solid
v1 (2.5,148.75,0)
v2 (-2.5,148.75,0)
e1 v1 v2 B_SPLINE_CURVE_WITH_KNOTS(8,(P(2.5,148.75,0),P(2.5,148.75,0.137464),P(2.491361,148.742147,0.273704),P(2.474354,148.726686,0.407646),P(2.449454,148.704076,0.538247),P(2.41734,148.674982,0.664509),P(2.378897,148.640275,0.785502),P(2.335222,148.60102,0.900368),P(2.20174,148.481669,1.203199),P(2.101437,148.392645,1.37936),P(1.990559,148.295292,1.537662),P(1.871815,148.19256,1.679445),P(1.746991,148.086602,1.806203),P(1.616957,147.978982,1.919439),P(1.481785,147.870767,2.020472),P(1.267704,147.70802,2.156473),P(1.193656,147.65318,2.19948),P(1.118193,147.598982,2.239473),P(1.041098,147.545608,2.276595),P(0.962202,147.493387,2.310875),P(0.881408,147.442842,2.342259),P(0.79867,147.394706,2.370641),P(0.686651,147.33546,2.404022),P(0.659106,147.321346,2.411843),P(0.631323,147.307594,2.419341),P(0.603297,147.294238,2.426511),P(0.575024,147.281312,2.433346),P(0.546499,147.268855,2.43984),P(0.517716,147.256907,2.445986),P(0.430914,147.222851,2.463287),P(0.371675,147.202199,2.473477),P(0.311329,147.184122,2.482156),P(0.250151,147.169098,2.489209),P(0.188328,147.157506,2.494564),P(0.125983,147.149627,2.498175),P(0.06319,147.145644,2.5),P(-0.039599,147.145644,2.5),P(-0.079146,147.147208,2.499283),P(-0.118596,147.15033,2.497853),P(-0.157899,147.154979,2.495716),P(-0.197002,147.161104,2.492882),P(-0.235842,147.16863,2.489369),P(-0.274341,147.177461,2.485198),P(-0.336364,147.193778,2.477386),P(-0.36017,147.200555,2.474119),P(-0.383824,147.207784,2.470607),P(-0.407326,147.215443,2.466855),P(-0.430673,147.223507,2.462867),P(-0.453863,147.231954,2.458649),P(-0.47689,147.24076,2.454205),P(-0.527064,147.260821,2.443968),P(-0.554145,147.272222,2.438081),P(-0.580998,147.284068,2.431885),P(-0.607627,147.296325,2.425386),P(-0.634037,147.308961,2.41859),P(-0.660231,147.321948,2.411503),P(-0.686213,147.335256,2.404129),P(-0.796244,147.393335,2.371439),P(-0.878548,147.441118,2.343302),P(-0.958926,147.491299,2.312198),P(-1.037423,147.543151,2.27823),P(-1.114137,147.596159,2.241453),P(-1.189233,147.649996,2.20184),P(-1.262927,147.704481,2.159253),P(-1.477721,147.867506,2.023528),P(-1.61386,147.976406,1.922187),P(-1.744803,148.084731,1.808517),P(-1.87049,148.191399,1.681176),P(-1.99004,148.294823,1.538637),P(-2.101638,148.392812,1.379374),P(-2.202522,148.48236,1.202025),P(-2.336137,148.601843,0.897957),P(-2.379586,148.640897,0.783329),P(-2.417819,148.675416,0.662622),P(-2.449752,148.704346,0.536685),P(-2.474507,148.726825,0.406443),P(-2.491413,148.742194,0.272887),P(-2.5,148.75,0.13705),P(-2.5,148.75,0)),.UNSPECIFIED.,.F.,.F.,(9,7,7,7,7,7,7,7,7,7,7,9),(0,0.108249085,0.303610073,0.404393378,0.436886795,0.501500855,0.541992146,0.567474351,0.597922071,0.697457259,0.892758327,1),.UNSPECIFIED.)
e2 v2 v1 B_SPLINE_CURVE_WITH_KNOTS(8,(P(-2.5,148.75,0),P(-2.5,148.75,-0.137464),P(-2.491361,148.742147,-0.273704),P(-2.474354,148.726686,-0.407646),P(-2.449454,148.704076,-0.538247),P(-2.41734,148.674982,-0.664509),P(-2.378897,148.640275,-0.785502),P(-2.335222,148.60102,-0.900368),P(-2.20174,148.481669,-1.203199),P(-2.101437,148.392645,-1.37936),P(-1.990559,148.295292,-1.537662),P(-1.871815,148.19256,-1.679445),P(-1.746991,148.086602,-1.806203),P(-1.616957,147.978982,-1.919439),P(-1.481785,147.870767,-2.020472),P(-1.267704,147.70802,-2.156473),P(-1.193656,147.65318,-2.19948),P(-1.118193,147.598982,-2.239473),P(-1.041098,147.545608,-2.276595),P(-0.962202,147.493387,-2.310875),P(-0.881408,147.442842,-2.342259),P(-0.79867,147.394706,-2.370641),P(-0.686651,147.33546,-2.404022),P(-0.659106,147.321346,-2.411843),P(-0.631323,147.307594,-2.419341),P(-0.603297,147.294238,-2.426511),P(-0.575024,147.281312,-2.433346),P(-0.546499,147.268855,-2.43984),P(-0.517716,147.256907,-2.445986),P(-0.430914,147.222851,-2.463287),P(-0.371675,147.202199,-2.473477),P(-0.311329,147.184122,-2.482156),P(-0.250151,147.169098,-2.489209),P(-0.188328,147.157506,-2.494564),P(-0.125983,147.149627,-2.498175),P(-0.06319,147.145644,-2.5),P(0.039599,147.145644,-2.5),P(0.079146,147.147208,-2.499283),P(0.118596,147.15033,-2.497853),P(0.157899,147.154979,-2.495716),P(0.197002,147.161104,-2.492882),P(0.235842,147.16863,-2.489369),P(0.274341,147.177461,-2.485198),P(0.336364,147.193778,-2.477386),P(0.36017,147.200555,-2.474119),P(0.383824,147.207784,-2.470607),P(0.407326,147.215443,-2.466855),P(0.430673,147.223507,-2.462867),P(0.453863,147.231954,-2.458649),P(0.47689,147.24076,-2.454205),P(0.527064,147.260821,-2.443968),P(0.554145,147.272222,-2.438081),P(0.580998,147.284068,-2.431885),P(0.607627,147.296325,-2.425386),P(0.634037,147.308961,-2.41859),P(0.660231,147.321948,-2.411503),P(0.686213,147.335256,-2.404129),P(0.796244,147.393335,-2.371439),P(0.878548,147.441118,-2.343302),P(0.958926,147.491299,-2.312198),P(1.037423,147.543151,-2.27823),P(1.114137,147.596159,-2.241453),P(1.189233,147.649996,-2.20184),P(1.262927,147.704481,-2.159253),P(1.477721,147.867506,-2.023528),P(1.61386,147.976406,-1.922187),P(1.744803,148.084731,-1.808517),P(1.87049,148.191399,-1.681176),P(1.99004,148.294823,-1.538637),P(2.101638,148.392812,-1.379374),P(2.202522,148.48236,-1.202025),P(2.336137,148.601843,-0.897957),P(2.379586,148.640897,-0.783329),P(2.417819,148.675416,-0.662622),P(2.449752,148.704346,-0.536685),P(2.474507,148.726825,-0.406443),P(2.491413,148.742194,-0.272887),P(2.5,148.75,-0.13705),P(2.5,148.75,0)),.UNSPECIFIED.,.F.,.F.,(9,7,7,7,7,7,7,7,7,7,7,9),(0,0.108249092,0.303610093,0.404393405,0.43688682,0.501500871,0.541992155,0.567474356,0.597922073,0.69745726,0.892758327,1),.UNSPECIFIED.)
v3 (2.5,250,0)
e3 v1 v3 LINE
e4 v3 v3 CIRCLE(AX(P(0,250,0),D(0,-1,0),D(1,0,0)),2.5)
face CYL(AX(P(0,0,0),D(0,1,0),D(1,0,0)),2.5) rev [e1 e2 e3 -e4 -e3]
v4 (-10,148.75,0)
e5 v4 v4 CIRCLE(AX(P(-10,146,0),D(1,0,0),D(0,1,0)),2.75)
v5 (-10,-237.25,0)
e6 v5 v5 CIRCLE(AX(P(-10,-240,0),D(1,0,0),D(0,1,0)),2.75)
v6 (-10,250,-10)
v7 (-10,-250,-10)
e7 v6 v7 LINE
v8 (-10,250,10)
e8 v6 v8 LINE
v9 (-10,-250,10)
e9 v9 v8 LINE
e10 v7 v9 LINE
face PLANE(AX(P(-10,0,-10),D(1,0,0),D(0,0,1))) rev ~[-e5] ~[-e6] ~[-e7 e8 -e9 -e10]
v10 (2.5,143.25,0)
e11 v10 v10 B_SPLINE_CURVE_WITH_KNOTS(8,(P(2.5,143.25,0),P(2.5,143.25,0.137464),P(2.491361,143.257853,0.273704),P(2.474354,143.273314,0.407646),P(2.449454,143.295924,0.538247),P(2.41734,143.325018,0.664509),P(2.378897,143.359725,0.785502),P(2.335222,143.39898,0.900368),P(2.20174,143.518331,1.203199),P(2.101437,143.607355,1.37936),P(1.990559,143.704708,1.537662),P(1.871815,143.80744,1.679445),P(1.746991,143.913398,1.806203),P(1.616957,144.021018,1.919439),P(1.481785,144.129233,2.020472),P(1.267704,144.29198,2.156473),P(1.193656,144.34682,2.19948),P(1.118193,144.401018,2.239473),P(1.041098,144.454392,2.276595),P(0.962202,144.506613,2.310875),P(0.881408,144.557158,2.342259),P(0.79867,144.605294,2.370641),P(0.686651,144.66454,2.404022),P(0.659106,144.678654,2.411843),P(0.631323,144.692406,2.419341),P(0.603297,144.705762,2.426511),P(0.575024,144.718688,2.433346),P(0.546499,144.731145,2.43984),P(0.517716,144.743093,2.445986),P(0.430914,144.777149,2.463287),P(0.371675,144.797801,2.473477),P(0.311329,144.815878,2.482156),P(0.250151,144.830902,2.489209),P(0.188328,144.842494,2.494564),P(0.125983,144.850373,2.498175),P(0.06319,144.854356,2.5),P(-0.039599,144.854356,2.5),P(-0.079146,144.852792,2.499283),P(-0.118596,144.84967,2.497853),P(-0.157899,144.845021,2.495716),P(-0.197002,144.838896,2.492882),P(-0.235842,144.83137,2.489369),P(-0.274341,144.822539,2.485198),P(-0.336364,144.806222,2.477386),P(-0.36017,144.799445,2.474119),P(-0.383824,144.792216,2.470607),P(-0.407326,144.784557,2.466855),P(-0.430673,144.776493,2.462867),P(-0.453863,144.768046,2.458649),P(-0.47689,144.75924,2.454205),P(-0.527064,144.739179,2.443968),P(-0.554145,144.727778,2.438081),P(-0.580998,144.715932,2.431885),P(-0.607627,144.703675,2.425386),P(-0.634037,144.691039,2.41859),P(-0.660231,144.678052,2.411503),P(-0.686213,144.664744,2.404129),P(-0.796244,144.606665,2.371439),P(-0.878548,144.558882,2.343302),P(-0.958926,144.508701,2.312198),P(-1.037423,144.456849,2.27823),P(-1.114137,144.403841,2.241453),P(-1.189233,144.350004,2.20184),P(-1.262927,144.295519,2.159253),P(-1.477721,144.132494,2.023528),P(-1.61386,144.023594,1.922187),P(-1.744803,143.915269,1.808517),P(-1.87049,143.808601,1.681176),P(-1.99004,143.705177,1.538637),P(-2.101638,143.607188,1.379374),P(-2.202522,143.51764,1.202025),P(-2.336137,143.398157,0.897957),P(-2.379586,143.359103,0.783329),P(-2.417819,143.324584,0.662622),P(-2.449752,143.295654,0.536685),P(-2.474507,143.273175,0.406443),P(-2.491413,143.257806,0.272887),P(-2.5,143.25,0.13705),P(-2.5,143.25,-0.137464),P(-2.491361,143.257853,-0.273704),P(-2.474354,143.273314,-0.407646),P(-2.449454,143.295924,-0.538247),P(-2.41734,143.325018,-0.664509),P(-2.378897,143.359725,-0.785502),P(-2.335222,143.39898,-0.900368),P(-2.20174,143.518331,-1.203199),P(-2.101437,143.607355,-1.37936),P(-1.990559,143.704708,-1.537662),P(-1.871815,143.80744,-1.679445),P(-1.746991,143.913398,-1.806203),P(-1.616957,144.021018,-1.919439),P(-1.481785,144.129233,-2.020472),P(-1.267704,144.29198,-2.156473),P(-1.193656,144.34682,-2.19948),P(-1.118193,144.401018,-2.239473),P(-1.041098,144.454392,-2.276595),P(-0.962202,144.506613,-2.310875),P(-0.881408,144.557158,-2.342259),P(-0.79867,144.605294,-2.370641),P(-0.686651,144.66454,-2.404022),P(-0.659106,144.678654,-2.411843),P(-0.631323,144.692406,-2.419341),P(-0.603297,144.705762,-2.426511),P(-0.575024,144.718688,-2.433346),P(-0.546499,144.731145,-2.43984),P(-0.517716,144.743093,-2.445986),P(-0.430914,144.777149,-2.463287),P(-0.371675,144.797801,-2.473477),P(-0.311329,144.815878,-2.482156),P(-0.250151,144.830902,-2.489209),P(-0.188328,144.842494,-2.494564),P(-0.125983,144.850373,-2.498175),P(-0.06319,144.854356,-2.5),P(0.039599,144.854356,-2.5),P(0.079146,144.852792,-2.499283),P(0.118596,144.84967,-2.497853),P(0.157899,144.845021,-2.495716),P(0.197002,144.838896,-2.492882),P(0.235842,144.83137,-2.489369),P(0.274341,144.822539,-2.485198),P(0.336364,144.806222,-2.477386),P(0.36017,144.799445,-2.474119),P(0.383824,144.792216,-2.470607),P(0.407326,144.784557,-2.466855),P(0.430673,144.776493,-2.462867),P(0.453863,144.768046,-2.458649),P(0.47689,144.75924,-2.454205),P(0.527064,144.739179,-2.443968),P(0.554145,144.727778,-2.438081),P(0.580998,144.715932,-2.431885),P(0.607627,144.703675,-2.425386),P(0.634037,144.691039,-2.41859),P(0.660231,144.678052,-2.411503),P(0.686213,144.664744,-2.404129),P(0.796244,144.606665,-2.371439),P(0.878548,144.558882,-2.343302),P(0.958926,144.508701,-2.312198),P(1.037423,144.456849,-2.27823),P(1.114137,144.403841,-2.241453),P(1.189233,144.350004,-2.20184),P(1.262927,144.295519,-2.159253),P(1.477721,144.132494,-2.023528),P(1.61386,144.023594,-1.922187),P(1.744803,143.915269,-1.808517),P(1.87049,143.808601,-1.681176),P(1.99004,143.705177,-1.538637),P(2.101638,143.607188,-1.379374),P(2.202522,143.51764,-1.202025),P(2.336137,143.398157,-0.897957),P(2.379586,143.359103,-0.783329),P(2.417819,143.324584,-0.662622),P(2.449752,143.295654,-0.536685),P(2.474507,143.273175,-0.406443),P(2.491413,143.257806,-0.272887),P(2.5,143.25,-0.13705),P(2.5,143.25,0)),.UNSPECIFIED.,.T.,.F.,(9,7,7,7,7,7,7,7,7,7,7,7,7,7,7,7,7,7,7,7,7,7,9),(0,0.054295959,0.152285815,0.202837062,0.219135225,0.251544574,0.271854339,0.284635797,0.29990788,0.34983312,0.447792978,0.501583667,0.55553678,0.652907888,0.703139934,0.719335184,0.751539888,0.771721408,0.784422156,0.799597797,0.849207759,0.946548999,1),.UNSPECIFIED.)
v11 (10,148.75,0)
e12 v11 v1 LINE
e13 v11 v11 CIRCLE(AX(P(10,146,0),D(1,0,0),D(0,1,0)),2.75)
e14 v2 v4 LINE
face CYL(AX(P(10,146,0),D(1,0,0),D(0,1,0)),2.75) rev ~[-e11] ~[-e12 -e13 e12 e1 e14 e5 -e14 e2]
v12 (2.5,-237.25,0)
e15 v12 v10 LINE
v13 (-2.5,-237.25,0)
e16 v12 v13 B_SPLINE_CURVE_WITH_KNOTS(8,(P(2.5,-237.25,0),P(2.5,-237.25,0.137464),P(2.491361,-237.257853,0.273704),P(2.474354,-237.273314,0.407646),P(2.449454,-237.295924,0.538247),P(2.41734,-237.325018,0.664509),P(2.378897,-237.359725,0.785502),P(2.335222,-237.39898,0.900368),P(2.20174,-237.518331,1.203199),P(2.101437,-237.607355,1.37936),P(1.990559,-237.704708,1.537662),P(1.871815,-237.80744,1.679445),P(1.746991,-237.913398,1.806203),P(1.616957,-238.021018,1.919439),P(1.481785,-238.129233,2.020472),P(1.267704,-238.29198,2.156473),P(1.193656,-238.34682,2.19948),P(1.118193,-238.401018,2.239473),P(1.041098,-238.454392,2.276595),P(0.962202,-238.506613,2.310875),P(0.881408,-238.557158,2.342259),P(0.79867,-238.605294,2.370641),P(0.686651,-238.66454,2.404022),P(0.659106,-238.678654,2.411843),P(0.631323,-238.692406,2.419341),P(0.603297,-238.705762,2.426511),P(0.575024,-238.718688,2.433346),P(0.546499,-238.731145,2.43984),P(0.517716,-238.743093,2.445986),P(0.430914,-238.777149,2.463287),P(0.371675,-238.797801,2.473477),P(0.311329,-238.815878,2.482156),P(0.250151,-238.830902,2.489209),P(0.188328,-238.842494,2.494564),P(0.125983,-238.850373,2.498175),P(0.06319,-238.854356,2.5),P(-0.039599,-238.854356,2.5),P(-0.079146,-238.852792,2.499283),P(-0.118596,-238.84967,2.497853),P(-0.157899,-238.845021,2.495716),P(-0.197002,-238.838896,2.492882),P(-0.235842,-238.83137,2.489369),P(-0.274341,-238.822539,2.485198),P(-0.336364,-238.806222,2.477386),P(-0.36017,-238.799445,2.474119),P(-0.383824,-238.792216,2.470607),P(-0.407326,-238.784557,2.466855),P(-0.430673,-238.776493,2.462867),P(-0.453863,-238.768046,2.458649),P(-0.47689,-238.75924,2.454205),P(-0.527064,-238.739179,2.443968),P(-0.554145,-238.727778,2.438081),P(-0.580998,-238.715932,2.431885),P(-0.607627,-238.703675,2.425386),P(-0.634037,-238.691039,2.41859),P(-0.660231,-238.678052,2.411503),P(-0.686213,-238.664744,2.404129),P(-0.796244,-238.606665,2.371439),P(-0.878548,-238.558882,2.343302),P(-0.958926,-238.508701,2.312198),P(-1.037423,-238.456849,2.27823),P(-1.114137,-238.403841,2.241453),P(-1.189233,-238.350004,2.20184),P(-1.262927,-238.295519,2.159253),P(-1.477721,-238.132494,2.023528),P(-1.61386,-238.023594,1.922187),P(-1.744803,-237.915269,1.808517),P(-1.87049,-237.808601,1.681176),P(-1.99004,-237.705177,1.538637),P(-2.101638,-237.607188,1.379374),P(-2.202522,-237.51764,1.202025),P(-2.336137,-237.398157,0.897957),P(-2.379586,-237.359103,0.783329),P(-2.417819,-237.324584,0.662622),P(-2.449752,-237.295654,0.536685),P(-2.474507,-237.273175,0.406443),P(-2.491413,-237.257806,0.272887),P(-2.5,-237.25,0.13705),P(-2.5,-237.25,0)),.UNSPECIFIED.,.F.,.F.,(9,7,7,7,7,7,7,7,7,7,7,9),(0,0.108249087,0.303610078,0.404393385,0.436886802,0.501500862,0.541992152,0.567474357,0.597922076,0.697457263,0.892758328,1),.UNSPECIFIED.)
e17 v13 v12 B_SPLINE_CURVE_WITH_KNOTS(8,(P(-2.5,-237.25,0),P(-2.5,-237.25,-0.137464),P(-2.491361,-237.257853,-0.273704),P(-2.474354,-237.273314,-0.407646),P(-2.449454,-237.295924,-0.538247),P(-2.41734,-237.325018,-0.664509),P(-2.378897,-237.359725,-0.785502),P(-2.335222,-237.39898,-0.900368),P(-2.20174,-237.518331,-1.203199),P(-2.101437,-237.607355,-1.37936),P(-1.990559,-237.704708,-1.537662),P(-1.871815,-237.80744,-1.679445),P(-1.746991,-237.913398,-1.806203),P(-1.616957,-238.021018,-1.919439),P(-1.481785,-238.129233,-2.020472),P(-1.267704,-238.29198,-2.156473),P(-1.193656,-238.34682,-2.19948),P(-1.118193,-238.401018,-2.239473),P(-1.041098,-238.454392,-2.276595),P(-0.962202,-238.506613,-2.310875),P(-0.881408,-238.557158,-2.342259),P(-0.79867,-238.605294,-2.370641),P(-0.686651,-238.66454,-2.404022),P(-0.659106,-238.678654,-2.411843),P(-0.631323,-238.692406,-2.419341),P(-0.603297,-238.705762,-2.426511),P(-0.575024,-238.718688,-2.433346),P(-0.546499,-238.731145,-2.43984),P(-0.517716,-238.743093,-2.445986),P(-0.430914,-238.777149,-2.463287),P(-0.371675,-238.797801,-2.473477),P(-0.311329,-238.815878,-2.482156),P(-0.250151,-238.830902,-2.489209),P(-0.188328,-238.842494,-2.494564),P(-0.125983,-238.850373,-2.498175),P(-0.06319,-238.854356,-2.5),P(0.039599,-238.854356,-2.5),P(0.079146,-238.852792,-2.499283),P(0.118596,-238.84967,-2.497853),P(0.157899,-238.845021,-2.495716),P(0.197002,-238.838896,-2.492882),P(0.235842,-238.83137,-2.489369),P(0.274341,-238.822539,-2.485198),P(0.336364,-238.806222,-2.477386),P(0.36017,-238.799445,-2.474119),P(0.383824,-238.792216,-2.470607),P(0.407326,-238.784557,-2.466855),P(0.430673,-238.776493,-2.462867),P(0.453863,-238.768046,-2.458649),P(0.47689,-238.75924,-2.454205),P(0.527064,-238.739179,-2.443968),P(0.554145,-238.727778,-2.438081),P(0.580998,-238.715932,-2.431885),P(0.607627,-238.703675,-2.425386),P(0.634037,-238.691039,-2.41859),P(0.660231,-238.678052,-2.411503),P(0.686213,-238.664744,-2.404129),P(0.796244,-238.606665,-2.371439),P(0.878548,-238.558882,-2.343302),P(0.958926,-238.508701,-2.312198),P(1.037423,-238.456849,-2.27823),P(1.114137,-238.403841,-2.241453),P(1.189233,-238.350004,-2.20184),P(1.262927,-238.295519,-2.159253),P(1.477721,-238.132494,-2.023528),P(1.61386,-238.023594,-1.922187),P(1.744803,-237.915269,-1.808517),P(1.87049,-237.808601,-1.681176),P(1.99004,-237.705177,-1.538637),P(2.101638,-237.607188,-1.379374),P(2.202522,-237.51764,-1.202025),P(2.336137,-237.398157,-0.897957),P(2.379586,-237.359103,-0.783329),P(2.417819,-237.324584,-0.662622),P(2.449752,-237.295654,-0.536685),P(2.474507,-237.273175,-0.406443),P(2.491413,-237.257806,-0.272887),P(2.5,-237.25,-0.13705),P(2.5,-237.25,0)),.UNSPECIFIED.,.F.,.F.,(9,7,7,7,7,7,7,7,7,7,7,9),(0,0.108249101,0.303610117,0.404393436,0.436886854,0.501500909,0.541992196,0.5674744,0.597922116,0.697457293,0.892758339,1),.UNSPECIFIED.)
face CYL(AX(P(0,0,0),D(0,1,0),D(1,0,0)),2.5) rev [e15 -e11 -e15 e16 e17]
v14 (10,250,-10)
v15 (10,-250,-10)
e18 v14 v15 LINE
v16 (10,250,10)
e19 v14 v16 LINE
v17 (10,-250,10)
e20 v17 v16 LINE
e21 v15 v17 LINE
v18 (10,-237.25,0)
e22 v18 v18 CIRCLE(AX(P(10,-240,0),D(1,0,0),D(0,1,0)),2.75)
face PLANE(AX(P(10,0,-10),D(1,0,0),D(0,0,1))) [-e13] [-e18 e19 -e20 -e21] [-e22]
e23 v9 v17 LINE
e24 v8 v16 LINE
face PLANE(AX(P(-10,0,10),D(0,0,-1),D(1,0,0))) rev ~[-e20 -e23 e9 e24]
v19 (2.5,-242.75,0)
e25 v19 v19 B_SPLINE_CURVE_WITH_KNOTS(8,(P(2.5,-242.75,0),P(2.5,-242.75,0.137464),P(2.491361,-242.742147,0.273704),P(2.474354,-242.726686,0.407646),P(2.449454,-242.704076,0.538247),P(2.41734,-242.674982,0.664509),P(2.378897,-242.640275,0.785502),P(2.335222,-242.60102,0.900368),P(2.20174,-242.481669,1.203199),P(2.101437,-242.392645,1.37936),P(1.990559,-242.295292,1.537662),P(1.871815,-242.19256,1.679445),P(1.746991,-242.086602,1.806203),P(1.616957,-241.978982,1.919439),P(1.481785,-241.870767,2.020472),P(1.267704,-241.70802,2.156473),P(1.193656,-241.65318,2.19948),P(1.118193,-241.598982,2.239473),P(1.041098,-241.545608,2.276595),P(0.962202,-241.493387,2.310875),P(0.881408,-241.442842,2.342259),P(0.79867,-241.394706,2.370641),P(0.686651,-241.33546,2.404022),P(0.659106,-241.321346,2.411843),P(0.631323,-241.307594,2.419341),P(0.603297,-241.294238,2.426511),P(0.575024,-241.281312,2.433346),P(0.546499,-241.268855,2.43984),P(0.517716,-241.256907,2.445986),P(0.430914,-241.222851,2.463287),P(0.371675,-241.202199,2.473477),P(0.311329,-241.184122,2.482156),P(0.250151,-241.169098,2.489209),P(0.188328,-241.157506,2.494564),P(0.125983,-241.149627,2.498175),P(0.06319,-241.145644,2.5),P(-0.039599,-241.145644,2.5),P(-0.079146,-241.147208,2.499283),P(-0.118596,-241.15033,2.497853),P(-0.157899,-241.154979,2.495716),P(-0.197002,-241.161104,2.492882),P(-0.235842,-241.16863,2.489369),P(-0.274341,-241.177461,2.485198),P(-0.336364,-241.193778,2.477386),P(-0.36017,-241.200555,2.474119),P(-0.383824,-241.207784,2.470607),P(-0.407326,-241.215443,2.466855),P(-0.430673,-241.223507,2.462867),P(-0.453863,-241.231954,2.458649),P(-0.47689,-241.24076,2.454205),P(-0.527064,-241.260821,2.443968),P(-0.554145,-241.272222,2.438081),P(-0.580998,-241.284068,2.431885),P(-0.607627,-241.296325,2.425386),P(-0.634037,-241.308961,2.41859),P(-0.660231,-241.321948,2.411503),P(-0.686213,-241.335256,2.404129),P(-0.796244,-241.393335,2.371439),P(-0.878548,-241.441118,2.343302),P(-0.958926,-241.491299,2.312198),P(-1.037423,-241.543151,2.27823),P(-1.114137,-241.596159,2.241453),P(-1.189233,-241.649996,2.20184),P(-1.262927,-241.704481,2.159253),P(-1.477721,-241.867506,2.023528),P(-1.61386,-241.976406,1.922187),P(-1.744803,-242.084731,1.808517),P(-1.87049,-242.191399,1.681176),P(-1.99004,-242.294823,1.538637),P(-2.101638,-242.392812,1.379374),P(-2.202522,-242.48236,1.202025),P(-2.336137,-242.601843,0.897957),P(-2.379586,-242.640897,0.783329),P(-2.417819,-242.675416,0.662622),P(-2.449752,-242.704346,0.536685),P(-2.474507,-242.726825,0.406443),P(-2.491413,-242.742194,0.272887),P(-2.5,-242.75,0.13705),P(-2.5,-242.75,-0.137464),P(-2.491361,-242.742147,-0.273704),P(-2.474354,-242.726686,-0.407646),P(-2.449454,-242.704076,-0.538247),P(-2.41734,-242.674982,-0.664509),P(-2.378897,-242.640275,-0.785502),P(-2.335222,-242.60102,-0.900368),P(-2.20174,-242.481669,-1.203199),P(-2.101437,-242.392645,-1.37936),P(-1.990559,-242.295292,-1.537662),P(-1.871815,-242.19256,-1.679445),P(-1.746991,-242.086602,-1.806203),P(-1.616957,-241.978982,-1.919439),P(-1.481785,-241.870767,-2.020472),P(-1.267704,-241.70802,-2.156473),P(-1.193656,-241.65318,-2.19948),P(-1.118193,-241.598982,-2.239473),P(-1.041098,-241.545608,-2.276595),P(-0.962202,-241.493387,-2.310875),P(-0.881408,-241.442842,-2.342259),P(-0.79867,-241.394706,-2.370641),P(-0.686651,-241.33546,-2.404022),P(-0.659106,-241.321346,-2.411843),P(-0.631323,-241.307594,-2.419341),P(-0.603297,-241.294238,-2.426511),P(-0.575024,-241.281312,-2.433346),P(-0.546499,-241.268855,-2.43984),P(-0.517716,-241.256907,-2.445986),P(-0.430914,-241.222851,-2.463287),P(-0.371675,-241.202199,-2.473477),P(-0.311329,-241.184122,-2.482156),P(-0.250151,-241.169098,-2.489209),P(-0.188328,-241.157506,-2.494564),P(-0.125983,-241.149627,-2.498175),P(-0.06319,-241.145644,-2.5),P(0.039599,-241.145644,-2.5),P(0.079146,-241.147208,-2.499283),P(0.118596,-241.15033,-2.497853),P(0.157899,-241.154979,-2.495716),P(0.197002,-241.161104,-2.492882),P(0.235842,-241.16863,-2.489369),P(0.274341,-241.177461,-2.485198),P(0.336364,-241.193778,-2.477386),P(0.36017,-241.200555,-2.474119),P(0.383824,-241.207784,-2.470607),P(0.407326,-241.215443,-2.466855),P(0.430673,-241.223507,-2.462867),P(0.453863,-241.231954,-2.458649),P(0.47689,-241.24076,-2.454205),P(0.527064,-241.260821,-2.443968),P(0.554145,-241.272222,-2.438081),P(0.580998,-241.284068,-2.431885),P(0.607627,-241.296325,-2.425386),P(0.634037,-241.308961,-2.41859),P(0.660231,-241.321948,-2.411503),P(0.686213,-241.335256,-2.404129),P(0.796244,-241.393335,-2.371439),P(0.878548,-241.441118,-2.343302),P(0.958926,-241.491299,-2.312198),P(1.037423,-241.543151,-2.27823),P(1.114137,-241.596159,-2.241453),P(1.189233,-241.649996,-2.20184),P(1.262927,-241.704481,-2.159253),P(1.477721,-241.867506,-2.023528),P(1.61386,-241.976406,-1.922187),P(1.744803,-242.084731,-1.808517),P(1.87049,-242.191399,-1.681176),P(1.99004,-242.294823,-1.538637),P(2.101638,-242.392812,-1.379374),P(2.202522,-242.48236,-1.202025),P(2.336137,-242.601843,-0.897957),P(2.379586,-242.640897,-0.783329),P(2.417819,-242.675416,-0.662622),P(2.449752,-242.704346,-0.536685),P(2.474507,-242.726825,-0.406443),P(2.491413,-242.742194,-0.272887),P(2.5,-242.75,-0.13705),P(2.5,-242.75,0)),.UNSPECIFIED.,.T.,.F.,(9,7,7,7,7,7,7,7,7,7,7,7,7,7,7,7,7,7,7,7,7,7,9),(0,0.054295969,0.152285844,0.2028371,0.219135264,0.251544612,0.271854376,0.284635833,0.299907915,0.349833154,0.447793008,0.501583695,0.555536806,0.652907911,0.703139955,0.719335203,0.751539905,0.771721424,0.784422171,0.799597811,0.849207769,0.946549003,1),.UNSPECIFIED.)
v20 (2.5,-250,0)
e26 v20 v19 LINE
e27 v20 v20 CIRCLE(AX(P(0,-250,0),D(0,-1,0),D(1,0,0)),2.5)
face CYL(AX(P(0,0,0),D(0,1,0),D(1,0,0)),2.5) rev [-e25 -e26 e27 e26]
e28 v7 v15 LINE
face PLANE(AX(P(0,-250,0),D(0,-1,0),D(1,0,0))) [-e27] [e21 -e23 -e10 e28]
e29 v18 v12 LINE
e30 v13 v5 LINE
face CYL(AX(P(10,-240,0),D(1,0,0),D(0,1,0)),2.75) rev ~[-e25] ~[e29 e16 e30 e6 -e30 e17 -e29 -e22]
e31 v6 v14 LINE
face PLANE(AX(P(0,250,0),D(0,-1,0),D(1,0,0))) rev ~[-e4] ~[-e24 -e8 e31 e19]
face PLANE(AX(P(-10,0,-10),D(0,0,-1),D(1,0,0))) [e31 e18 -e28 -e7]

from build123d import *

# Parameters (mm, degrees)
F0_W     = 20
F0_H     = 20
F0_R     = 2.5
F1_DEPTH = 250
F2_R     = 2.75
F3_DEPTH = 20


with BuildPart() as f1:
    # F0 (on Front) → F1 (new body, symmetric)
    with BuildSketch(Plane.XZ):
        Rectangle(F0_W, F0_H)
        Circle(F0_R, mode=Mode.SUBTRACT)
    extrude(amount=F1_DEPTH, both=True)

    # F2 (on face) → F3 (cut)
    with BuildSketch(Plane.YZ.offset(10)):
        with Locations((-240, 0)):
            Circle(F2_R)
        with Locations((146, 0)):
            Circle(F2_R)
    extrude(amount=-F3_DEPTH, mode=Mode.SUBTRACT)


solid = f1.part
